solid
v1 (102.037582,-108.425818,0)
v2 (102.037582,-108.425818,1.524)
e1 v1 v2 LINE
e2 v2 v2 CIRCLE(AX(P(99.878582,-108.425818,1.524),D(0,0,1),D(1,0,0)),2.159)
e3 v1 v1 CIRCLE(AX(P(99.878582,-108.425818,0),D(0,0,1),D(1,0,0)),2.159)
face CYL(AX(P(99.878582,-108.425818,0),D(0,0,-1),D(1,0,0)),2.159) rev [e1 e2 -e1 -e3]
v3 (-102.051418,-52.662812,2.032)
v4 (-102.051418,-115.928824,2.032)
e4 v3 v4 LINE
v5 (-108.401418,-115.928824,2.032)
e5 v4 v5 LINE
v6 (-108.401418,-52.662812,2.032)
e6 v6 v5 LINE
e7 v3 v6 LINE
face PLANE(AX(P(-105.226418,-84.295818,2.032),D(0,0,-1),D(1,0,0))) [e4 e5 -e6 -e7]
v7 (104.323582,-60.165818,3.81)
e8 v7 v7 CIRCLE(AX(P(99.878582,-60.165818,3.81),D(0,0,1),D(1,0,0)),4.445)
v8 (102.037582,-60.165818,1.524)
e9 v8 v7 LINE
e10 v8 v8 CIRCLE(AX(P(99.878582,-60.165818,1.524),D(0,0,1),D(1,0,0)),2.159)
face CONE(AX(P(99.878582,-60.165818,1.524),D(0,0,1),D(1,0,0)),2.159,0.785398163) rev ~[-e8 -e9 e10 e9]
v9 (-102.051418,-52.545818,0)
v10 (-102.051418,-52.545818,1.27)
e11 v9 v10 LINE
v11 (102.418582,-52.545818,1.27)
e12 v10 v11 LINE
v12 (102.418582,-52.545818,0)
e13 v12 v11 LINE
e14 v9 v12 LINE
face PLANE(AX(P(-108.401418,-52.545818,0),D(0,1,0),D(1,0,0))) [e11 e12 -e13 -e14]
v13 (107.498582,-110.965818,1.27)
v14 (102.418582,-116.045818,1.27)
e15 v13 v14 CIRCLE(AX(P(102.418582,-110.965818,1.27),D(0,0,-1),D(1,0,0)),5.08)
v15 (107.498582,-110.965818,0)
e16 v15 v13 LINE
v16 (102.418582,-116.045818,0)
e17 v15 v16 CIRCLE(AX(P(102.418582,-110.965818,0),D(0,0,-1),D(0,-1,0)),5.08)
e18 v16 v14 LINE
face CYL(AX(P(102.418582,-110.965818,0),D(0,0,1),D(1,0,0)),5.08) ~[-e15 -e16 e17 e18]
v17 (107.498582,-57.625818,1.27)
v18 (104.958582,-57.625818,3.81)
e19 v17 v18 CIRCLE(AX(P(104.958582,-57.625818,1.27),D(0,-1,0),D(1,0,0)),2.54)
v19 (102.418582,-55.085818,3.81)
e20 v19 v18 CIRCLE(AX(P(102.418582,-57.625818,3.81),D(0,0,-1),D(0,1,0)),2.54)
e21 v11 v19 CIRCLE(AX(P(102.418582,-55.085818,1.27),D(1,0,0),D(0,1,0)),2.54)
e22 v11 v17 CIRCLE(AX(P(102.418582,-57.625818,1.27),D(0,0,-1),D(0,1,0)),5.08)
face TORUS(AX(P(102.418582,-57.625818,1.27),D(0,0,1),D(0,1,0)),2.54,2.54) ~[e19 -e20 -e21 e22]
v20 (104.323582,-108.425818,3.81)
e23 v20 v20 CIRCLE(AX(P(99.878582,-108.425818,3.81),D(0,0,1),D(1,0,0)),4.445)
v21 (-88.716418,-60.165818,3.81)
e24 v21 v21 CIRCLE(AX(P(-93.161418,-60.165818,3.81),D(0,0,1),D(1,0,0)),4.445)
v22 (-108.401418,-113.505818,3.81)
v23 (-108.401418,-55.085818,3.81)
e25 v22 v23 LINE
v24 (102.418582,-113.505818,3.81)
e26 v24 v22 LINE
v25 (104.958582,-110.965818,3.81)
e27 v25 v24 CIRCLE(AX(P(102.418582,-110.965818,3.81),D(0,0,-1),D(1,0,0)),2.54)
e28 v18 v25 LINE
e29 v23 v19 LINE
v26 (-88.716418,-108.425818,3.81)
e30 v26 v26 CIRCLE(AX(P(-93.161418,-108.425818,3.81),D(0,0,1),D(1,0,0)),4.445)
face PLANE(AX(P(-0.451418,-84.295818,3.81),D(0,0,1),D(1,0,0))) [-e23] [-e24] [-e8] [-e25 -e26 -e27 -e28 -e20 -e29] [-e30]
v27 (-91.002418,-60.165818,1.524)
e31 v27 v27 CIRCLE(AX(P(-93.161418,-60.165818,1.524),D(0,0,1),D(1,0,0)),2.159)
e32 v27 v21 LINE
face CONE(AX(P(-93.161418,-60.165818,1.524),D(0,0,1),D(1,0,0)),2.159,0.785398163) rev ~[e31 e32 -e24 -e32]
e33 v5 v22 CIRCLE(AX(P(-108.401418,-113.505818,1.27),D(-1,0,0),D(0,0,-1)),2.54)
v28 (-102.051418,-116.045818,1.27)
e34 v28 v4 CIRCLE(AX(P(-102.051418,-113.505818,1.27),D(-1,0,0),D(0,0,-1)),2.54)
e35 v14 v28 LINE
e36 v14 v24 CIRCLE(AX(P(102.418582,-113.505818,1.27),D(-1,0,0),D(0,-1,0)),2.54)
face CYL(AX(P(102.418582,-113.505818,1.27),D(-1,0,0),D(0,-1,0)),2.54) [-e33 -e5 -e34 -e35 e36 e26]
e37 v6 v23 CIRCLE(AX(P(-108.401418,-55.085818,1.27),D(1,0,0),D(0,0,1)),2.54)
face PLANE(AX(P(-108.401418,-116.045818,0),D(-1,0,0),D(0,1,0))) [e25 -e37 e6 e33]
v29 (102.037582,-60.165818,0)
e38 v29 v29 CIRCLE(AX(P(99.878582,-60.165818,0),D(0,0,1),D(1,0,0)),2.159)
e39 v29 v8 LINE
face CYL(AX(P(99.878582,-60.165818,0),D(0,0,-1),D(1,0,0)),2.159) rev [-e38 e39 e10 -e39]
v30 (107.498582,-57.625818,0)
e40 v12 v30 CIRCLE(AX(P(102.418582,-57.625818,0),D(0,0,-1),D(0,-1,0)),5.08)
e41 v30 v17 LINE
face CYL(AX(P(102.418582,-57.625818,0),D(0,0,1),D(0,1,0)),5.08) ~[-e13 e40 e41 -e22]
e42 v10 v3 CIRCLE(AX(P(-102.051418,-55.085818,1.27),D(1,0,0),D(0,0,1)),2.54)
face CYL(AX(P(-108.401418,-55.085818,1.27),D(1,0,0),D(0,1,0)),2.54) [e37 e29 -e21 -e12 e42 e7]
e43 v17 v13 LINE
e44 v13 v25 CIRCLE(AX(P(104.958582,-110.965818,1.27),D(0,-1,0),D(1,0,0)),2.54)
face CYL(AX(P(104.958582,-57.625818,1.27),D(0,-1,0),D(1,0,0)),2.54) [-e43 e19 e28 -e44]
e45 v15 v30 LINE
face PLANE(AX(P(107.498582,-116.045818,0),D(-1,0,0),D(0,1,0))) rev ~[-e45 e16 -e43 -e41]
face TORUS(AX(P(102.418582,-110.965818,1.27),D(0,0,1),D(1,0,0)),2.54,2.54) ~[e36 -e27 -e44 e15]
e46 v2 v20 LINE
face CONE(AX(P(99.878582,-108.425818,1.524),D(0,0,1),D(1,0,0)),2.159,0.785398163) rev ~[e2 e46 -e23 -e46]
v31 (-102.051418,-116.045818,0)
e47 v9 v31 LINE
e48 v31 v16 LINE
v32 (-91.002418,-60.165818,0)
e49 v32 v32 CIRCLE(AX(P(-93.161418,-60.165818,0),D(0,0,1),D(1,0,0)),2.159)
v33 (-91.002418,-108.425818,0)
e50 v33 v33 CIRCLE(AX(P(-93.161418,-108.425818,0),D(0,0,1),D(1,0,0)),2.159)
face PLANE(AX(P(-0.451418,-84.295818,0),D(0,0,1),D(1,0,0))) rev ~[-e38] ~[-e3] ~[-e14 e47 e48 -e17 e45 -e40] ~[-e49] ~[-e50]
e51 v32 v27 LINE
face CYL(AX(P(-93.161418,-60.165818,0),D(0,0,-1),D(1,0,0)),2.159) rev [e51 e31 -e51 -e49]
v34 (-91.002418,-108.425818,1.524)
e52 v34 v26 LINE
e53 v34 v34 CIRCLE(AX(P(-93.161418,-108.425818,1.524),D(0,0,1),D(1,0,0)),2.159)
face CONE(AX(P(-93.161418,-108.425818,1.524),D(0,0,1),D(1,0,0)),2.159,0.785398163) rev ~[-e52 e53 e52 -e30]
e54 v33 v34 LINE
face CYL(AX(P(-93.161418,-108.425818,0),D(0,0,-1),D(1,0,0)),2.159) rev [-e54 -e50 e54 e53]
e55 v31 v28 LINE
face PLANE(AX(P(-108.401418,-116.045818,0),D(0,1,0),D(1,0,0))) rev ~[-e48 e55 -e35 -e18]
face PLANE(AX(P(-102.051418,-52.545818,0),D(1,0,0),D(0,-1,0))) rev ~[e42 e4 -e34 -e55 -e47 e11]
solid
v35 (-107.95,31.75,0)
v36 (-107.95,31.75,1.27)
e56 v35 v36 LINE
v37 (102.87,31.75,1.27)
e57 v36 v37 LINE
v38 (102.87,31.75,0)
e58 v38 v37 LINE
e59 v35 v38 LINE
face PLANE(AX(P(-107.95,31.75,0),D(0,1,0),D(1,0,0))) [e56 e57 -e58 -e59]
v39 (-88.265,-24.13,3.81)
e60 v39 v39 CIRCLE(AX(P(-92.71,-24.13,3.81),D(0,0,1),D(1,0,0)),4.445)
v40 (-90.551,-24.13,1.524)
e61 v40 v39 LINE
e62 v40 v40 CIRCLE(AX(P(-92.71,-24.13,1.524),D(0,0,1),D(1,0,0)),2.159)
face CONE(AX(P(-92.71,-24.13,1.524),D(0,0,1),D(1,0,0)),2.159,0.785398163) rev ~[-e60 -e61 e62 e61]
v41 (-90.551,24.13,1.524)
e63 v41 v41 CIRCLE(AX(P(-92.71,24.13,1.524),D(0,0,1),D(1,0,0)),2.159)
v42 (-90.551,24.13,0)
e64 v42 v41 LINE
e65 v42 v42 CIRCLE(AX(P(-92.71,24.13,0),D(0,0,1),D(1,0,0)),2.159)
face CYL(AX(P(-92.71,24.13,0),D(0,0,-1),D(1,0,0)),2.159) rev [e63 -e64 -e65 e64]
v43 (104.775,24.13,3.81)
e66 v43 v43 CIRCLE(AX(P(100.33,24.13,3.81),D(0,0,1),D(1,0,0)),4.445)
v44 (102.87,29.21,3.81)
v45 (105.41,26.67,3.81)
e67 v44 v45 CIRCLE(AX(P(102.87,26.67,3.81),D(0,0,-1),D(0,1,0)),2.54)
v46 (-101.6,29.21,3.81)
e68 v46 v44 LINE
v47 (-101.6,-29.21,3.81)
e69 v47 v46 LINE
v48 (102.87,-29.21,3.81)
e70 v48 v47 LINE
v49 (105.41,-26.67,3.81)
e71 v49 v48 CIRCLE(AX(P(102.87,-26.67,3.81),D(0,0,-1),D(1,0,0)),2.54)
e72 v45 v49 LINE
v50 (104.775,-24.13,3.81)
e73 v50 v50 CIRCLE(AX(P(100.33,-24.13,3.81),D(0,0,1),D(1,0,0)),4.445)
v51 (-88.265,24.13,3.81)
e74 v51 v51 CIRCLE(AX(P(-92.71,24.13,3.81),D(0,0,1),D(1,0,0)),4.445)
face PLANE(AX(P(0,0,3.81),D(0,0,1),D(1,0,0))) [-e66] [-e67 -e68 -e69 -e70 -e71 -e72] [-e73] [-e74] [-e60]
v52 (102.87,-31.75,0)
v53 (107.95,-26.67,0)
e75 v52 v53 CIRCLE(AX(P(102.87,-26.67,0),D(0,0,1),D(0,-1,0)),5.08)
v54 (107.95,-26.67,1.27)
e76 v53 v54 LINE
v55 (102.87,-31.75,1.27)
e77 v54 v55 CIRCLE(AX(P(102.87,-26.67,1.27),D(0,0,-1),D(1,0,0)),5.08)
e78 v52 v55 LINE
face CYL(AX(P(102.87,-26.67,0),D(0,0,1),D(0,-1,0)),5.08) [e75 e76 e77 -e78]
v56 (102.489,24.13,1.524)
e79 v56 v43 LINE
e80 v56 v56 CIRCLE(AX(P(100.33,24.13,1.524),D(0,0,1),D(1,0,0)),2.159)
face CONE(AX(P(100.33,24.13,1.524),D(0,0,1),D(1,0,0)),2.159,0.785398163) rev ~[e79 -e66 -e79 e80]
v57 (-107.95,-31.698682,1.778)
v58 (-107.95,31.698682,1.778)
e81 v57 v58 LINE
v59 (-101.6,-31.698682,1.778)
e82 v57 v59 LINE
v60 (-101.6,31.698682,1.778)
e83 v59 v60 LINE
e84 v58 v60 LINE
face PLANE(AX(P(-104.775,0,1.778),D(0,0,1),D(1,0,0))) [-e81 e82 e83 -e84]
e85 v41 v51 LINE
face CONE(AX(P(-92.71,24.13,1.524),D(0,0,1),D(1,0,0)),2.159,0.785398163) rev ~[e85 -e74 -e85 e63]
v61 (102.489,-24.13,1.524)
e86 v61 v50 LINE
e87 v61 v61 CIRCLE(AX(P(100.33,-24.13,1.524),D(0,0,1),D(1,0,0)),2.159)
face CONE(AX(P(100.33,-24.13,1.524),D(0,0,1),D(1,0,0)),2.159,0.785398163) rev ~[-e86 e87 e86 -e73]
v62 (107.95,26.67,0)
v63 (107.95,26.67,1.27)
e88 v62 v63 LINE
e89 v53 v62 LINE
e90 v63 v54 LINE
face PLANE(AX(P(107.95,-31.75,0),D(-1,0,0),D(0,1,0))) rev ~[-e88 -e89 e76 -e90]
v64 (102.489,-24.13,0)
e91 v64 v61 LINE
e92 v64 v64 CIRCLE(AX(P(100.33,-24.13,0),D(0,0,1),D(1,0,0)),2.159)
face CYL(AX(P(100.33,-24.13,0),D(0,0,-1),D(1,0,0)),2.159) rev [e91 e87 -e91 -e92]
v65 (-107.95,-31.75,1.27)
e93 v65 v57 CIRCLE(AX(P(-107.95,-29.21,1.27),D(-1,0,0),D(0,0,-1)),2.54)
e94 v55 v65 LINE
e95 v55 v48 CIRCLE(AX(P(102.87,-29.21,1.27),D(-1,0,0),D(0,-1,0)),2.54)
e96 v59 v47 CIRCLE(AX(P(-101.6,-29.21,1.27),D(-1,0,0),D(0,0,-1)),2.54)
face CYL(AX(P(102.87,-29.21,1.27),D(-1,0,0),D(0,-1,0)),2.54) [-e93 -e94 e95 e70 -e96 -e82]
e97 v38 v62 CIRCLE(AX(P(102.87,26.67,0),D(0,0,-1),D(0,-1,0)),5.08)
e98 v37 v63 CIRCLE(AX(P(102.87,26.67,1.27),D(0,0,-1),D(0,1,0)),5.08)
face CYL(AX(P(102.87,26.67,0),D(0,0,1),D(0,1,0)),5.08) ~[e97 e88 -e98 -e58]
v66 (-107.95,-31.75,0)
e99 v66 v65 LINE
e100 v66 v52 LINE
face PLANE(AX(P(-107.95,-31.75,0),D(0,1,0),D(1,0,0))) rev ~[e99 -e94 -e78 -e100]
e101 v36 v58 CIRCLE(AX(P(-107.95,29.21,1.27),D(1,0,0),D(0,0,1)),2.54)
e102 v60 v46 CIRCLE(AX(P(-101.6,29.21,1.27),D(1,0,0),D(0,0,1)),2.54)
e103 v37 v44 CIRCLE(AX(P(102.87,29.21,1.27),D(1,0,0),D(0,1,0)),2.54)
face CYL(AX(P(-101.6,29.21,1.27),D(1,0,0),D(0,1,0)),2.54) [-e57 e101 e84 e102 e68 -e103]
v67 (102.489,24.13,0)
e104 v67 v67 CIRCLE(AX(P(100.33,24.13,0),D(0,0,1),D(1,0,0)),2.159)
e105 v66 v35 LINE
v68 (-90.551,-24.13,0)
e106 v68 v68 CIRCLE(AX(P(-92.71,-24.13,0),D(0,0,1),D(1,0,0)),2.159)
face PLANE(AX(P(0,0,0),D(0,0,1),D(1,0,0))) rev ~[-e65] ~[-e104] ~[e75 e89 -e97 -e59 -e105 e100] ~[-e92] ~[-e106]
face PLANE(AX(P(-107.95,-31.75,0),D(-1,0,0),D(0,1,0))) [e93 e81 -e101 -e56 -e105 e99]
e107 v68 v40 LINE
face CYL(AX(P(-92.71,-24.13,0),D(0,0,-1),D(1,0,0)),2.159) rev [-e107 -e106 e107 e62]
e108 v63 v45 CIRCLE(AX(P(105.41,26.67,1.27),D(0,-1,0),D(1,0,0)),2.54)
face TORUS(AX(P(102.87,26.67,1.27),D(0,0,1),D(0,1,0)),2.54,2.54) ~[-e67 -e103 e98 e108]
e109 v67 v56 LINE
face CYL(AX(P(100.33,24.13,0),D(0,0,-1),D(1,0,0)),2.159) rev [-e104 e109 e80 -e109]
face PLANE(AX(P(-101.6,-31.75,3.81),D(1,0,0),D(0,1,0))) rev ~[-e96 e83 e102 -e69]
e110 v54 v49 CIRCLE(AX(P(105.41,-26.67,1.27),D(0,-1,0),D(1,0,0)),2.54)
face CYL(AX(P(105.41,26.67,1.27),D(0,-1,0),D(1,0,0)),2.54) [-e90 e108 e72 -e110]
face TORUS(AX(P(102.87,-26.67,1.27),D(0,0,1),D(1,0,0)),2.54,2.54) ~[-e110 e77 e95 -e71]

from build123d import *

# Parameters (mm, degrees)
F0_W     = 215.9
F0_H     = 63.5
F0_R     = 2.159
F1_DEPTH = 3.81
F2_W     = 6.35
F2_H     = 63.5
F3_DEPTH = 2.032
F4_SIZE  = 2.286
F5_W     = 215.9
F5_H     = 63.5
F5_R     = 2.159
F6_DEPTH = 3.81
F7_SIZE  = 2.286
F8_W     = 6.35
F8_H     = 63.5
F9_DEPTH = 2.032
F10_R    = 5.08
F10_2_R  = 5.08
F11_R    = 2.54
F11_2_R  = 2.54


with BuildPart() as f1:
    # F0 (on Top) → F1 (new body)
    with BuildSketch(Plane.XY):
        Rectangle(F0_W, F0_H)
        with Locations((-92.71, -24.13)):
            Circle(F0_R, mode=Mode.SUBTRACT)
        with Locations((100.33, -24.13)):
            Circle(F0_R, mode=Mode.SUBTRACT)
        with Locations((-92.71, 24.13)):
            Circle(F0_R, mode=Mode.SUBTRACT)
        with Locations((100.33, 24.13)):
            Circle(F0_R, mode=Mode.SUBTRACT)
    extrude(amount=F1_DEPTH)

    # F2 (on face) → F3 (cut)
    with BuildSketch(Plane.XY.offset(3.81)):
        with Locations((-104.775, 0)):
            Rectangle(F2_W, F2_H)
    extrude(amount=-F3_DEPTH, mode=Mode.SUBTRACT)

    # F4
    f4_edges = [f1.edges().sort_by_distance(p)[0] for p in [
        (-94.869, 24.13, 3.81),
        (-94.869, -24.13, 3.81),
        (98.171, 24.13, 3.81),
        (98.171, -24.13, 3.81),
    ]]
    chamfer(f4_edges, length=F4_SIZE)

    # F10
    f10_edges = [f1.edges().sort_by_distance(p)[0] for p in [
        (107.95, 31.75, 1.905),
        (107.95, -31.75, 1.905),
    ]]
    fillet(f10_edges, radius=F10_R)

    # F11
    f11_edges = [f1.edges().sort_by_distance(p)[0] for p in [
        (0.635, 31.75, 3.81),
    ]]
    fillet(f11_edges, radius=F11_R)


with BuildPart() as f6:
    # F5 (on Top) → F6 (new body)
    with BuildSketch(Plane.XY):
        with Locations((-0.451418, -84.295818)):
            Rectangle(F5_W, F5_H)
        with Locations((-93.161418, -108.425818)):
            Circle(F5_R, mode=Mode.SUBTRACT)
        with Locations((99.878582, -108.425818)):
            Circle(F5_R, mode=Mode.SUBTRACT)
        with Locations((-93.161418, -60.165818)):
            Circle(F5_R, mode=Mode.SUBTRACT)
        with Locations((99.878582, -60.165818)):
            Circle(F5_R, mode=Mode.SUBTRACT)
    extrude(amount=F6_DEPTH)

    # F7
    f7_edges = [f6.edges().sort_by_distance(p)[0] for p in [
        (-95.320418, -60.165818, 3.81),
        (97.719582, -60.165818, 3.81),
        (97.719582, -108.425818, 3.81),
        (-95.320418, -108.425818, 3.81),
    ]]
    chamfer(f7_edges, length=F7_SIZE)

    # F8 (on face) → F9 (cut)
    with BuildSketch(Plane(origin=(0, 0, 0), x_dir=(1, 0, 0), z_dir=(0, 0, -1))):
        with Locations((-105.226418, 84.295818)):
            Rectangle(F8_W, F8_H)
    extrude(amount=-F9_DEPTH, mode=Mode.SUBTRACT)

    # F10#2
    f10_2_edges = [f6.edges().sort_by_distance(p)[0] for p in [
        (107.498582, -116.045818, 1.905),
        (107.498582, -52.545818, 1.905),
    ]]
    fillet(f10_2_edges, radius=F10_2_R)

    # F11#2
    f11_2_edges = [f6.edges().sort_by_distance(p)[0] for p in [
        (-2.991418, -52.545818, 3.81),
    ]]
    fillet(f11_2_edges, radius=F11_2_R)


solid = Compound([f1.part, f6.part])
